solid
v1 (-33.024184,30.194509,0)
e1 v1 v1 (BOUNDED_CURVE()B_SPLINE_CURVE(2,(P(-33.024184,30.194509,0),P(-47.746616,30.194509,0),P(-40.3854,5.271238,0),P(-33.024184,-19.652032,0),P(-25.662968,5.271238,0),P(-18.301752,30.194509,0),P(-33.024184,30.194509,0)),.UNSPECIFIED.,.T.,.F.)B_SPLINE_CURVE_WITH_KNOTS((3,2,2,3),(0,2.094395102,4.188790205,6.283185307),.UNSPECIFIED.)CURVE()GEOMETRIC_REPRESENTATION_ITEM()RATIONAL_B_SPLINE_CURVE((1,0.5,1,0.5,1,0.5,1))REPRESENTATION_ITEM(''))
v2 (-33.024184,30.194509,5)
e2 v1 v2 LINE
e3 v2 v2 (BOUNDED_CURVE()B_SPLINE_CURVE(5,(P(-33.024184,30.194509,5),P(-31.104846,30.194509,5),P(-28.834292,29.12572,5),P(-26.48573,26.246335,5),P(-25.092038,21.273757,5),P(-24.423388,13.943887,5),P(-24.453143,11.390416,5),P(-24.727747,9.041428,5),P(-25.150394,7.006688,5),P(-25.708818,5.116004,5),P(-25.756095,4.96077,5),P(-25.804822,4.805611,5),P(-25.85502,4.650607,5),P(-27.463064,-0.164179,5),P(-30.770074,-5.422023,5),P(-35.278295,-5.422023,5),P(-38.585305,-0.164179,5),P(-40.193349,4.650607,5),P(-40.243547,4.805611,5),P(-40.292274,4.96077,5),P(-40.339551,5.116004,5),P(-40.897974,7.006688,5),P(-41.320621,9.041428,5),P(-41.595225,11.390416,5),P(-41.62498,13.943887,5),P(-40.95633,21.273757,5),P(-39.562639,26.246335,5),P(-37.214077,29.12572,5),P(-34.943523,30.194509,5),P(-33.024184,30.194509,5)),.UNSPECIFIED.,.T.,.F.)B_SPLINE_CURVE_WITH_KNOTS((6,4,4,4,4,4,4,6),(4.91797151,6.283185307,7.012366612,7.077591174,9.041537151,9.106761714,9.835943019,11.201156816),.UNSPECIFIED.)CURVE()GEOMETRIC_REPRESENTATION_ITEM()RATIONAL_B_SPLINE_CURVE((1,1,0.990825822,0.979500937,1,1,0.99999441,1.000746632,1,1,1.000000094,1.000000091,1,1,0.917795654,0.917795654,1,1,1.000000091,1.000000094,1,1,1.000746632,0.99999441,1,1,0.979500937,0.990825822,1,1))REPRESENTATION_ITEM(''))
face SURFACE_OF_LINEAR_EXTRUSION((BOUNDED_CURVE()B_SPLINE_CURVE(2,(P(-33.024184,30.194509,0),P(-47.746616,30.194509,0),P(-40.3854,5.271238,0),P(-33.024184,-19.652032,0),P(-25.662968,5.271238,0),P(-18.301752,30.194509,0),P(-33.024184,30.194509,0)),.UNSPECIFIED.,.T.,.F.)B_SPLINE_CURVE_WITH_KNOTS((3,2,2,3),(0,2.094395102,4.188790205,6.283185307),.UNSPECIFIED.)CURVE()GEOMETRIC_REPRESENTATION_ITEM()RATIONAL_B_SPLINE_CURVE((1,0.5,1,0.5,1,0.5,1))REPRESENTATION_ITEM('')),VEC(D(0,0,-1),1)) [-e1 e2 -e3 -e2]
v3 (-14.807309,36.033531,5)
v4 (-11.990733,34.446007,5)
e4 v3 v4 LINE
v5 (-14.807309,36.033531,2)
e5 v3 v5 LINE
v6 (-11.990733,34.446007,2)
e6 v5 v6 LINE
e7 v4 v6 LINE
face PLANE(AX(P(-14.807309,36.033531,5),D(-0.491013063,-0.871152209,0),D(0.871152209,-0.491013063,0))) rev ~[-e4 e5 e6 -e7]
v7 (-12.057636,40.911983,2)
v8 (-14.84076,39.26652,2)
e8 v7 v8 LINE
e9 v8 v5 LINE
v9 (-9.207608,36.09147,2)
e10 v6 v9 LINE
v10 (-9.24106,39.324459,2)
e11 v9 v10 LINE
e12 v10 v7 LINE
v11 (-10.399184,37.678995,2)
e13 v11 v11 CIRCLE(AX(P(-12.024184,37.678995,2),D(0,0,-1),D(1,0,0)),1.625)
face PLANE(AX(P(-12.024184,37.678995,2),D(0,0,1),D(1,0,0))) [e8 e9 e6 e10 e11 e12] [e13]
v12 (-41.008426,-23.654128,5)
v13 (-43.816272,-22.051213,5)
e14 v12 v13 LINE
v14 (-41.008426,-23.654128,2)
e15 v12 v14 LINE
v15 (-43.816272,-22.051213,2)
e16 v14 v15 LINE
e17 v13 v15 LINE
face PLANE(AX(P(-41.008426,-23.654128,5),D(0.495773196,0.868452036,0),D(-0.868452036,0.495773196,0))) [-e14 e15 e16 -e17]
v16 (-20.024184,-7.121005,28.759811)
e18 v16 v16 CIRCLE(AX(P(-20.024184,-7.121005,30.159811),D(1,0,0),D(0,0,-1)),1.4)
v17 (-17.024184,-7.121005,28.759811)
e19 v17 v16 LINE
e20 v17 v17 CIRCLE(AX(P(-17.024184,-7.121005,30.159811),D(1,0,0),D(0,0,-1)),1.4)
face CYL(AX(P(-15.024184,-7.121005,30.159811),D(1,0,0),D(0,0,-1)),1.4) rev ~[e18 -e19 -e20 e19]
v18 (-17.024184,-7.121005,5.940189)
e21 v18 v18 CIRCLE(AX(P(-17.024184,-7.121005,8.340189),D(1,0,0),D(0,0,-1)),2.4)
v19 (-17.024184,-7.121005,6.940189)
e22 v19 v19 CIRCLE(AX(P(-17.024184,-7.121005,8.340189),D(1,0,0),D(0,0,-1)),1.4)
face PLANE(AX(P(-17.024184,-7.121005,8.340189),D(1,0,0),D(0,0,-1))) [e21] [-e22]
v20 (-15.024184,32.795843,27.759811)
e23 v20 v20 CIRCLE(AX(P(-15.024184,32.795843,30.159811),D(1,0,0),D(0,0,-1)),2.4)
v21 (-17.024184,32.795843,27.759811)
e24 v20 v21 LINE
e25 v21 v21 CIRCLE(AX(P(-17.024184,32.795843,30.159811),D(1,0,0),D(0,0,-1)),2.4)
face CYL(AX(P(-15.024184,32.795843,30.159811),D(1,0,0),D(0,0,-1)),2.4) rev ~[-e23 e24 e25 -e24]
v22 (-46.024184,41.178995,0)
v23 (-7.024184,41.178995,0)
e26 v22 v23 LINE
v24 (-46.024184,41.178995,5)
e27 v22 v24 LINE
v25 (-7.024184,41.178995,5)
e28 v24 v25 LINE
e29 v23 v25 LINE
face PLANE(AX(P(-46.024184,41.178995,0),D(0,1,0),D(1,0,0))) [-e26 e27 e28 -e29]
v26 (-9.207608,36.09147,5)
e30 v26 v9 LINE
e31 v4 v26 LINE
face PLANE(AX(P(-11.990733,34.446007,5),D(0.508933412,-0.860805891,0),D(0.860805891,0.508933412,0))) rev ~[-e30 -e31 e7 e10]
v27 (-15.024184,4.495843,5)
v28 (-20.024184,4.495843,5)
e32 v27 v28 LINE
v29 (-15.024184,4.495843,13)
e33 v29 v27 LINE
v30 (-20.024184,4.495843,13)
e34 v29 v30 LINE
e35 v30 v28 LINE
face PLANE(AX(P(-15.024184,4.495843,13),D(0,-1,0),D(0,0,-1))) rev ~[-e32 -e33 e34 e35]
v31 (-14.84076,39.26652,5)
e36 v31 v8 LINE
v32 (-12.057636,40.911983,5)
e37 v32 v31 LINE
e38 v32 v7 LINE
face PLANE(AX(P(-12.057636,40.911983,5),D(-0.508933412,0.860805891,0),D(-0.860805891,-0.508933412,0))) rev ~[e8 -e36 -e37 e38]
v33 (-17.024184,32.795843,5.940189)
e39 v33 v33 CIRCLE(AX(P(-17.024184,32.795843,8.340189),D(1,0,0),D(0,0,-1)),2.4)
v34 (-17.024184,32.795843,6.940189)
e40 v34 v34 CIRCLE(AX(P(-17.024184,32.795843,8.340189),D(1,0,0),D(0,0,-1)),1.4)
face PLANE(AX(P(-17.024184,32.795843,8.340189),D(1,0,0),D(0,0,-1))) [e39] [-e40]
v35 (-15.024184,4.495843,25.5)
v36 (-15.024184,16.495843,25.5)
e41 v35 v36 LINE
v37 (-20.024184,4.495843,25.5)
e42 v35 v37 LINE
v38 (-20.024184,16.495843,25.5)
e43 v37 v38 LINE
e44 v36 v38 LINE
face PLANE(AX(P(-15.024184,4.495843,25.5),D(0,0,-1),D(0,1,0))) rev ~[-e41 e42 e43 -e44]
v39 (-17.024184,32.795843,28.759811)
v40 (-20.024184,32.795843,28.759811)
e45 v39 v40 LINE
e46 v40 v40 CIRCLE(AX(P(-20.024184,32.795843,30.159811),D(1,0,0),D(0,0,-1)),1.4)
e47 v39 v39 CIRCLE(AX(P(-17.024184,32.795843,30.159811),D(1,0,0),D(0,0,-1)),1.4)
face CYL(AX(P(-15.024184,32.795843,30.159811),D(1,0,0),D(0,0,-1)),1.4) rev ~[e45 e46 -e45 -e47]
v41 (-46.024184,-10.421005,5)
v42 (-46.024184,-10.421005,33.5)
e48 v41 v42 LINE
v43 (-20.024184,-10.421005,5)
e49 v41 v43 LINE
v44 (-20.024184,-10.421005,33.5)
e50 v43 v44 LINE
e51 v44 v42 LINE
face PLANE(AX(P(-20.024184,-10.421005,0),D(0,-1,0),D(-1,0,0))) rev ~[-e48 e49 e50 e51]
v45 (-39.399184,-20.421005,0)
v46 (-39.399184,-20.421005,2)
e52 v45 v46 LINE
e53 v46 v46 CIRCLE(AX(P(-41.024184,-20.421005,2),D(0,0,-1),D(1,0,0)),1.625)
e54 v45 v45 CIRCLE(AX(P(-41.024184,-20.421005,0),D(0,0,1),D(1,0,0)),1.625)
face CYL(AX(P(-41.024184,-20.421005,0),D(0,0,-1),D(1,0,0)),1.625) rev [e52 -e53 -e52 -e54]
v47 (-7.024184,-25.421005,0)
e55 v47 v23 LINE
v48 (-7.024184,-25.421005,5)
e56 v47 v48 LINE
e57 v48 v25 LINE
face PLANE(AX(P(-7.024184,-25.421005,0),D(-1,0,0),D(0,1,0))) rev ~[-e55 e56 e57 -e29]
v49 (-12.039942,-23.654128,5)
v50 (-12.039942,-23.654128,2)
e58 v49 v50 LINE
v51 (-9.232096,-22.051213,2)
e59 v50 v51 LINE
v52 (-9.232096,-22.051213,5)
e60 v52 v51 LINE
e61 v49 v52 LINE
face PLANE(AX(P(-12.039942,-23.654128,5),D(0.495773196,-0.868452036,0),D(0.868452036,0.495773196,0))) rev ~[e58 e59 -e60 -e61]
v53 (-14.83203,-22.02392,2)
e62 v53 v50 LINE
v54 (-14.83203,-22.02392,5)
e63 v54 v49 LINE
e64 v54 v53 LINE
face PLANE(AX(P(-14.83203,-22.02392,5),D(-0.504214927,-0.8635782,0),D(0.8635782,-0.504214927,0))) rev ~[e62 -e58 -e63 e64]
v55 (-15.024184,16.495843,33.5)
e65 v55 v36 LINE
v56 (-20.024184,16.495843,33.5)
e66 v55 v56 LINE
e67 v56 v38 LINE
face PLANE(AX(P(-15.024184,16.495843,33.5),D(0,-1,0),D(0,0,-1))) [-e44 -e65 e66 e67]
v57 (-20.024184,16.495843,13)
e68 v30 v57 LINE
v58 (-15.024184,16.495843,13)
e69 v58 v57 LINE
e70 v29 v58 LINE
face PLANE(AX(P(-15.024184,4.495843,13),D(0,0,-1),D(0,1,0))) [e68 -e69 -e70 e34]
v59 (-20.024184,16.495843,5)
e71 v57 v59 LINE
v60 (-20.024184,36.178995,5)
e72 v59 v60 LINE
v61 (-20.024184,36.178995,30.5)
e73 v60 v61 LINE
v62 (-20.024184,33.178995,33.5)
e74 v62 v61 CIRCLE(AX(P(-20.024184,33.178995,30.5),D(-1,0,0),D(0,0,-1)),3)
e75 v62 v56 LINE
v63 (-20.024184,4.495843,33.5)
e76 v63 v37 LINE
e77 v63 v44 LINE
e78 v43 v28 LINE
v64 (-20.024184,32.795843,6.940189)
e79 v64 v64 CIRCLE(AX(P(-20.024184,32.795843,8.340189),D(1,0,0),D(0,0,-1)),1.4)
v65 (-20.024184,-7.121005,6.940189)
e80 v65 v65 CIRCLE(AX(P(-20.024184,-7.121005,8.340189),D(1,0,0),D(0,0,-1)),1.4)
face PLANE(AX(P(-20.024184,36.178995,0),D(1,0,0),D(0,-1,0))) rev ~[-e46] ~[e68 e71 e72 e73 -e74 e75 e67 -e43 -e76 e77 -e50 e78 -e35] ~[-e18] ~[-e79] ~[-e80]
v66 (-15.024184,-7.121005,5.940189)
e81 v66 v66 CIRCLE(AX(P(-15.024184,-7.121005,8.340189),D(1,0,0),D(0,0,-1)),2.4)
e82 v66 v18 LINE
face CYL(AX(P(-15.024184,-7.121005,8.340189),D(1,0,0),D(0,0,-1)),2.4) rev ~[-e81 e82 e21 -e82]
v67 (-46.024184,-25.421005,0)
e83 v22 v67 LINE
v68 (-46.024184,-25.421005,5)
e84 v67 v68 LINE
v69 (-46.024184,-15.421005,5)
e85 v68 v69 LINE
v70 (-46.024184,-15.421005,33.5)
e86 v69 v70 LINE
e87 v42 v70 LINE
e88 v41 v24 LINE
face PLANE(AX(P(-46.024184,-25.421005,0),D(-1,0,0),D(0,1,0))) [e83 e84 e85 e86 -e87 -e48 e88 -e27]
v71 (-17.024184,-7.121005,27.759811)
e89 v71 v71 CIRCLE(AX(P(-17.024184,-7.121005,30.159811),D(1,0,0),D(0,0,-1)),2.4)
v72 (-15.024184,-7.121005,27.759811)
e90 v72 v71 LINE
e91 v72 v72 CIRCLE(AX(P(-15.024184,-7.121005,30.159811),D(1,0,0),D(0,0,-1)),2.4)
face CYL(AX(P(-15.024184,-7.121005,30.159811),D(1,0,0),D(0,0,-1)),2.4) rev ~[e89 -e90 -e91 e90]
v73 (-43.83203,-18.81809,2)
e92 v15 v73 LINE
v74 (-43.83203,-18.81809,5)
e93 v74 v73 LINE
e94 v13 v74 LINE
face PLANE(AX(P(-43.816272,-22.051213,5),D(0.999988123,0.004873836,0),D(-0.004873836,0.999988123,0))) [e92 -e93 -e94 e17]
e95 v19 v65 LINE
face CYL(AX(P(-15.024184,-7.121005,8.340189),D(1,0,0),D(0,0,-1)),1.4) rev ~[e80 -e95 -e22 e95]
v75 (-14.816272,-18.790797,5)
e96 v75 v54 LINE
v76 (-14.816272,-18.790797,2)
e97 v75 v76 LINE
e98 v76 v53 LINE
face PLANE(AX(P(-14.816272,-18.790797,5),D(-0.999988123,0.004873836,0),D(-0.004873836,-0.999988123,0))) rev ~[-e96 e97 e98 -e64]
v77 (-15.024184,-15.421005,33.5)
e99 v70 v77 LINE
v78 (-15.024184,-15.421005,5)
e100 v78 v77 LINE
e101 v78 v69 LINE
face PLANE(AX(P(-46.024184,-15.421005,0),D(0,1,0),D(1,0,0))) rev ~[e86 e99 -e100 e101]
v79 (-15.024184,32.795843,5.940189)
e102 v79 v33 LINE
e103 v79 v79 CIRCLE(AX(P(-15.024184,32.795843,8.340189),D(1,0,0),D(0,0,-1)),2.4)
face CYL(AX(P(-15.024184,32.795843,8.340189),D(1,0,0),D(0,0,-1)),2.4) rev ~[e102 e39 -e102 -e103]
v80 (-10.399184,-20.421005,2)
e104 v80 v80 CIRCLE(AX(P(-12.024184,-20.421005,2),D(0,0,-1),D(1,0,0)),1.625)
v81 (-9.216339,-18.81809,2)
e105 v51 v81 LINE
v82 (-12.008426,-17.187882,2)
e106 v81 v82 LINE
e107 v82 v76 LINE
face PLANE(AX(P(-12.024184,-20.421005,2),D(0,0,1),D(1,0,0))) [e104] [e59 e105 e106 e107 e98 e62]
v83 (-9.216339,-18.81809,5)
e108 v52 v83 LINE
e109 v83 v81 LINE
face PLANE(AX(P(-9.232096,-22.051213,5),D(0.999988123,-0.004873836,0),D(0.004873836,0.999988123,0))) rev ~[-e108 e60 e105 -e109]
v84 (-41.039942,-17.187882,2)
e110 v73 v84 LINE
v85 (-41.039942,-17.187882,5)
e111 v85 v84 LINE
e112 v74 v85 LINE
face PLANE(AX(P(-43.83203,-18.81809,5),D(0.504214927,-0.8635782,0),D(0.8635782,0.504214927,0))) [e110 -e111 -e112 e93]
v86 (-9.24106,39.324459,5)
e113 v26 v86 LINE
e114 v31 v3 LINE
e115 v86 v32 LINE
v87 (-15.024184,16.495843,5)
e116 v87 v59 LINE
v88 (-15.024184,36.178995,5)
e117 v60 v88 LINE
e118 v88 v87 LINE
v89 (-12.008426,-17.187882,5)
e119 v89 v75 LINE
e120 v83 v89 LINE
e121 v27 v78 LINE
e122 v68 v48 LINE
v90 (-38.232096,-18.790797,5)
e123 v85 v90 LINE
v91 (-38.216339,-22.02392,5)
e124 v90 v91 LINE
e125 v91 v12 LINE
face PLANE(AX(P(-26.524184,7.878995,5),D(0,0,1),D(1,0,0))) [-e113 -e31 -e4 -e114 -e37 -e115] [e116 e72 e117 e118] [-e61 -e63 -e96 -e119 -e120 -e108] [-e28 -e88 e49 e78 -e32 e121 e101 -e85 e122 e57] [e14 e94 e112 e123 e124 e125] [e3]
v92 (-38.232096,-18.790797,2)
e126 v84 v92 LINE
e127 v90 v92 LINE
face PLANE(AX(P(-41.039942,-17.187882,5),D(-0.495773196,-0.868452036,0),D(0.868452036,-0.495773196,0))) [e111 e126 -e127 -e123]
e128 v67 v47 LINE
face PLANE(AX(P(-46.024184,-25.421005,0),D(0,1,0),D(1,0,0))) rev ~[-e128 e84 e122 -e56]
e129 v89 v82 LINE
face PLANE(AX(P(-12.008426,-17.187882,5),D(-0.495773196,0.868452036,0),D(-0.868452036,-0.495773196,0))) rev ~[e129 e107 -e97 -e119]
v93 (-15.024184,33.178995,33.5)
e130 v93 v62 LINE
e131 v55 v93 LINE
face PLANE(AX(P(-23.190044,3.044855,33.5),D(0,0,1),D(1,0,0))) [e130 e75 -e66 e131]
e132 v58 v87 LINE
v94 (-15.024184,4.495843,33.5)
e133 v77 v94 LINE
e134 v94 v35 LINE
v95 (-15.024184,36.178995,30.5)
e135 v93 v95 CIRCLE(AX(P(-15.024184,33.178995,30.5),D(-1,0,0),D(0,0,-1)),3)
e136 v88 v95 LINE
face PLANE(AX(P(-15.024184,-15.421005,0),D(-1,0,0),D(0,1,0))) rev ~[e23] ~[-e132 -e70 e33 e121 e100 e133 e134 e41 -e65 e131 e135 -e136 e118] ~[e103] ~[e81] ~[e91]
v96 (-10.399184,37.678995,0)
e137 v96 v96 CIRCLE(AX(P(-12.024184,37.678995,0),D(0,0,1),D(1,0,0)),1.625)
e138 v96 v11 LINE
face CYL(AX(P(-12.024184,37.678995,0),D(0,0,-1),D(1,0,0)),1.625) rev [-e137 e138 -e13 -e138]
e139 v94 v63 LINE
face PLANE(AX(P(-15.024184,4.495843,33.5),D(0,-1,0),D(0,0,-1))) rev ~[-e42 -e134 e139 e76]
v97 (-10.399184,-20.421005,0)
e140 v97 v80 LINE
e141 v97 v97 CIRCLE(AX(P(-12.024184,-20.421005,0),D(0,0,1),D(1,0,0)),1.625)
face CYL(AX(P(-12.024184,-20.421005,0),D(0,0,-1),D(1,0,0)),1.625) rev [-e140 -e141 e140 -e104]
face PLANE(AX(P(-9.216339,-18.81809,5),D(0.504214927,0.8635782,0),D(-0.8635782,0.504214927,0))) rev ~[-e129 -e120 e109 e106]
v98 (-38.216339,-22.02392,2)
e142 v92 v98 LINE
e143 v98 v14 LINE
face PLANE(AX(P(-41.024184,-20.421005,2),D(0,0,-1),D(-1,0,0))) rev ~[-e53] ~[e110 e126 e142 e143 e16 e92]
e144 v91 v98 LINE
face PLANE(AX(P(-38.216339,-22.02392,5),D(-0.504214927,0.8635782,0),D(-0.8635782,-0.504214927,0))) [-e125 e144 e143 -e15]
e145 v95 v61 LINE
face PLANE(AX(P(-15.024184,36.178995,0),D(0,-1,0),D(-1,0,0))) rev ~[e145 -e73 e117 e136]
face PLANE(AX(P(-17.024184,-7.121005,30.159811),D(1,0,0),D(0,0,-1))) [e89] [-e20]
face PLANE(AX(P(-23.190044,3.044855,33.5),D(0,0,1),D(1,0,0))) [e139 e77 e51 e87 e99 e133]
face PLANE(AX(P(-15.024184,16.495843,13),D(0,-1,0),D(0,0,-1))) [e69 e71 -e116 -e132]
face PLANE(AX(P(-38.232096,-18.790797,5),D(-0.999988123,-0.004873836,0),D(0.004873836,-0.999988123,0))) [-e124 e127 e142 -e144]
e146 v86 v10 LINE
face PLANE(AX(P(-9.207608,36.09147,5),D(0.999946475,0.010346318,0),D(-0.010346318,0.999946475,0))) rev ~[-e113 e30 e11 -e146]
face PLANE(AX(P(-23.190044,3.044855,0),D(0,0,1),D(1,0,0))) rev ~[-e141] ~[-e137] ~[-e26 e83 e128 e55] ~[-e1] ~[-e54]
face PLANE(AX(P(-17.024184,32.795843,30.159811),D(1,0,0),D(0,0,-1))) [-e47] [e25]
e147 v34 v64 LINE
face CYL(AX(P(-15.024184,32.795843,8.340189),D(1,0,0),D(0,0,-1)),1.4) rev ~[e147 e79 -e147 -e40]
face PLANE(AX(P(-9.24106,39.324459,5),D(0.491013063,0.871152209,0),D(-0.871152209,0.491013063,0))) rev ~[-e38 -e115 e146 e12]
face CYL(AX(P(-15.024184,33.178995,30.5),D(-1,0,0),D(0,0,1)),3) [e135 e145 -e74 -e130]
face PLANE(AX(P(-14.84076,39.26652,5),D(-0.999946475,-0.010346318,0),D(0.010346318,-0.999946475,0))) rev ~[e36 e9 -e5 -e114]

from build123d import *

# Parameters (mm, degrees)
SKETCH1_W           = 39
SKETCH1_H           = 66.6
SKETCH1_R           = 1.625
BOSS_EXTRUDE1_DEPTH = 5
BOSS_EXTRUDE3_DEPTH = 33.5
CUT_EXTRUDE5_START  = 5
CUT_EXTRUDE5_DEPTH  = 3
FILLET1_R           = 3
SKETCH3_R           = 1.4
SKETCH3_W           = 8
SKETCH3_H           = 12
CUT_EXTRUDE6_DEPTH  = 62.473243338
SKETCH3_3_R         = 2.4
SKETCH3_3_R_2       = 1.4
CUT_EXTRUDE7_DEPTH  = 2


with BuildPart() as part:
    # Sketch1 → Boss-Extrude1 (new body)
    with BuildSketch(Plane.XY):
        with Locations((-26.524184287, 7.878995035)):
            Rectangle(SKETCH1_W, SKETCH1_H)
        with Locations((-12.024184287, -20.421004965)):
            Circle(SKETCH1_R, mode=Mode.SUBTRACT)
        with BuildLine():
            add(Edge.make_bspline(
                [(-33.024184287, 30.194508602), (-47.746616151, 30.194508602), (-40.385400219, 5.271238252), (-33.024184287, -19.652032099), (-25.662968354, 5.271238252), (-18.301752422, 30.194508602), (-33.024184287, 30.194508602)],
                knots=[0, 0, 0, 2.094395102, 2.094395102, 4.188790205, 4.188790205, 6.283185307, 6.283185307, 6.283185307], degree=2, weights=[1, 0.5, 1, 0.5, 1, 0.5, 1]))
        make_face(mode=Mode.SUBTRACT)
        with Locations((-12.024184287, 37.678995035)):
            Circle(SKETCH1_R, mode=Mode.SUBTRACT)
        with Locations((-41.024184287, -20.421004965)):
            Circle(SKETCH1_R, mode=Mode.SUBTRACT)
    extrude(amount=BOSS_EXTRUDE1_DEPTH)

    # Sketch1<3> → Boss-Extrude3 (add)
    with BuildSketch(Plane.XY):
        Polygon((-20.024184287, -10.421004965), (-46.024184287, -10.421004965), (-46.024184287, -12.421004965), (-46.024184287, -15.421004965), (-15.024184287, -15.421004965), (-15.024184287, 36.178995035), (-20.024184287, 36.178995035), align=None)
    extrude(amount=BOSS_EXTRUDE3_DEPTH)

    # Sketch1<6> → Cut-Extrude5 (cut)
    with BuildSketch(Plane.XY.offset(CUT_EXTRUDE5_START)):
        Polygon((-41.008426388, -23.654128071), (-43.816272081, -22.051213259), (-43.83202998, -18.818090152), (-41.039942185, -17.187881858), (-38.232096492, -18.790796671), (-38.216338594, -22.023919778), align=None)
        Polygon((-14.840760077, 39.266519571), (-14.807308759, 36.033531117), (-11.990732969, 34.446006581), (-9.207608497, 36.091470499), (-9.241059814, 39.324458953), (-12.057635604, 40.911983489), align=None)
        Polygon((-9.232096492, -22.051213259), (-9.216338594, -18.818090152), (-12.008426388, -17.187881858), (-14.816272081, -18.790796671), (-14.83202998, -22.023919778), (-12.039942185, -23.654128071), align=None)
    extrude(amount=-CUT_EXTRUDE5_DEPTH, mode=Mode.SUBTRACT)

    # Fillet1
    fillet1_edges = [part.edges().sort_by_distance(p)[0] for p in [
        (-17.524184287, 36.178995035, 33.5),
    ]]
    fillet(fillet1_edges, radius=FILLET1_R)

    # Sketch3 → Cut-Extrude6 (cut, through all)
    with BuildSketch(Plane(origin=(-15.024184287, 0, 0), x_dir=(0, 0, -1), z_dir=(1, 0, 0))):
        with Locations((-30.15981065, 32.795843126)):
            Circle(SKETCH3_R)
        with Locations((-8.34018935, 32.795843126)):
            Circle(SKETCH3_R)
        with Locations((-8.34018935, -7.121004965)):
            Circle(SKETCH3_R)
        with Locations((-30.15981065, -7.121004965)):
            Circle(SKETCH3_R)
        with Locations((-29.5, 10.495843125)):
            Rectangle(SKETCH3_W, SKETCH3_H)
        with Locations((-9, 10.495843125)):
            Rectangle(SKETCH3_W, SKETCH3_H)
    extrude(amount=-CUT_EXTRUDE6_DEPTH, mode=Mode.SUBTRACT)

    # Sketch3<3> → Cut-Extrude7 (cut)
    # profile 1 of 4: a face of its own
    with BuildSketch(Plane(origin=(-15.024184287, 0, 0), x_dir=(0, 0, -1), z_dir=(1, 0, 0))):
        with Locations((-8.34018935, 32.795843126)):
            Circle(SKETCH3_3_R)
        with Locations((-8.34018935, 32.795843126)):
            Circle(SKETCH3_3_R_2, mode=Mode.SUBTRACT)
    # profile 2 of 4: a face of its own
    with BuildSketch(Plane(origin=(-15.024184287, 0, 0), x_dir=(0, 0, -1), z_dir=(1, 0, 0))):
        with Locations((-30.15981065, 32.795843126)):
            Circle(SKETCH3_3_R)
        with Locations((-30.15981065, 32.795843126)):
            Circle(SKETCH3_3_R_2, mode=Mode.SUBTRACT)
    # profile 3 of 4: a face of its own
    with BuildSketch(Plane(origin=(-15.024184287, 0, 0), x_dir=(0, 0, -1), z_dir=(1, 0, 0))):
        with Locations((-30.15981065, -7.121004965)):
            Circle(SKETCH3_3_R)
        with Locations((-30.15981065, -7.121004965)):
            Circle(SKETCH3_3_R_2, mode=Mode.SUBTRACT)
    # profile 4 of 4: a face of its own
    with BuildSketch(Plane(origin=(-15.024184287, 0, 0), x_dir=(0, 0, -1), z_dir=(1, 0, 0))):
        with Locations((-8.34018935, -7.121004965)):
            Circle(SKETCH3_3_R)
        with Locations((-8.34018935, -7.121004965)):
            Circle(SKETCH3_3_R_2, mode=Mode.SUBTRACT)
    extrude(amount=-CUT_EXTRUDE7_DEPTH, mode=Mode.SUBTRACT)


solid = part.part
